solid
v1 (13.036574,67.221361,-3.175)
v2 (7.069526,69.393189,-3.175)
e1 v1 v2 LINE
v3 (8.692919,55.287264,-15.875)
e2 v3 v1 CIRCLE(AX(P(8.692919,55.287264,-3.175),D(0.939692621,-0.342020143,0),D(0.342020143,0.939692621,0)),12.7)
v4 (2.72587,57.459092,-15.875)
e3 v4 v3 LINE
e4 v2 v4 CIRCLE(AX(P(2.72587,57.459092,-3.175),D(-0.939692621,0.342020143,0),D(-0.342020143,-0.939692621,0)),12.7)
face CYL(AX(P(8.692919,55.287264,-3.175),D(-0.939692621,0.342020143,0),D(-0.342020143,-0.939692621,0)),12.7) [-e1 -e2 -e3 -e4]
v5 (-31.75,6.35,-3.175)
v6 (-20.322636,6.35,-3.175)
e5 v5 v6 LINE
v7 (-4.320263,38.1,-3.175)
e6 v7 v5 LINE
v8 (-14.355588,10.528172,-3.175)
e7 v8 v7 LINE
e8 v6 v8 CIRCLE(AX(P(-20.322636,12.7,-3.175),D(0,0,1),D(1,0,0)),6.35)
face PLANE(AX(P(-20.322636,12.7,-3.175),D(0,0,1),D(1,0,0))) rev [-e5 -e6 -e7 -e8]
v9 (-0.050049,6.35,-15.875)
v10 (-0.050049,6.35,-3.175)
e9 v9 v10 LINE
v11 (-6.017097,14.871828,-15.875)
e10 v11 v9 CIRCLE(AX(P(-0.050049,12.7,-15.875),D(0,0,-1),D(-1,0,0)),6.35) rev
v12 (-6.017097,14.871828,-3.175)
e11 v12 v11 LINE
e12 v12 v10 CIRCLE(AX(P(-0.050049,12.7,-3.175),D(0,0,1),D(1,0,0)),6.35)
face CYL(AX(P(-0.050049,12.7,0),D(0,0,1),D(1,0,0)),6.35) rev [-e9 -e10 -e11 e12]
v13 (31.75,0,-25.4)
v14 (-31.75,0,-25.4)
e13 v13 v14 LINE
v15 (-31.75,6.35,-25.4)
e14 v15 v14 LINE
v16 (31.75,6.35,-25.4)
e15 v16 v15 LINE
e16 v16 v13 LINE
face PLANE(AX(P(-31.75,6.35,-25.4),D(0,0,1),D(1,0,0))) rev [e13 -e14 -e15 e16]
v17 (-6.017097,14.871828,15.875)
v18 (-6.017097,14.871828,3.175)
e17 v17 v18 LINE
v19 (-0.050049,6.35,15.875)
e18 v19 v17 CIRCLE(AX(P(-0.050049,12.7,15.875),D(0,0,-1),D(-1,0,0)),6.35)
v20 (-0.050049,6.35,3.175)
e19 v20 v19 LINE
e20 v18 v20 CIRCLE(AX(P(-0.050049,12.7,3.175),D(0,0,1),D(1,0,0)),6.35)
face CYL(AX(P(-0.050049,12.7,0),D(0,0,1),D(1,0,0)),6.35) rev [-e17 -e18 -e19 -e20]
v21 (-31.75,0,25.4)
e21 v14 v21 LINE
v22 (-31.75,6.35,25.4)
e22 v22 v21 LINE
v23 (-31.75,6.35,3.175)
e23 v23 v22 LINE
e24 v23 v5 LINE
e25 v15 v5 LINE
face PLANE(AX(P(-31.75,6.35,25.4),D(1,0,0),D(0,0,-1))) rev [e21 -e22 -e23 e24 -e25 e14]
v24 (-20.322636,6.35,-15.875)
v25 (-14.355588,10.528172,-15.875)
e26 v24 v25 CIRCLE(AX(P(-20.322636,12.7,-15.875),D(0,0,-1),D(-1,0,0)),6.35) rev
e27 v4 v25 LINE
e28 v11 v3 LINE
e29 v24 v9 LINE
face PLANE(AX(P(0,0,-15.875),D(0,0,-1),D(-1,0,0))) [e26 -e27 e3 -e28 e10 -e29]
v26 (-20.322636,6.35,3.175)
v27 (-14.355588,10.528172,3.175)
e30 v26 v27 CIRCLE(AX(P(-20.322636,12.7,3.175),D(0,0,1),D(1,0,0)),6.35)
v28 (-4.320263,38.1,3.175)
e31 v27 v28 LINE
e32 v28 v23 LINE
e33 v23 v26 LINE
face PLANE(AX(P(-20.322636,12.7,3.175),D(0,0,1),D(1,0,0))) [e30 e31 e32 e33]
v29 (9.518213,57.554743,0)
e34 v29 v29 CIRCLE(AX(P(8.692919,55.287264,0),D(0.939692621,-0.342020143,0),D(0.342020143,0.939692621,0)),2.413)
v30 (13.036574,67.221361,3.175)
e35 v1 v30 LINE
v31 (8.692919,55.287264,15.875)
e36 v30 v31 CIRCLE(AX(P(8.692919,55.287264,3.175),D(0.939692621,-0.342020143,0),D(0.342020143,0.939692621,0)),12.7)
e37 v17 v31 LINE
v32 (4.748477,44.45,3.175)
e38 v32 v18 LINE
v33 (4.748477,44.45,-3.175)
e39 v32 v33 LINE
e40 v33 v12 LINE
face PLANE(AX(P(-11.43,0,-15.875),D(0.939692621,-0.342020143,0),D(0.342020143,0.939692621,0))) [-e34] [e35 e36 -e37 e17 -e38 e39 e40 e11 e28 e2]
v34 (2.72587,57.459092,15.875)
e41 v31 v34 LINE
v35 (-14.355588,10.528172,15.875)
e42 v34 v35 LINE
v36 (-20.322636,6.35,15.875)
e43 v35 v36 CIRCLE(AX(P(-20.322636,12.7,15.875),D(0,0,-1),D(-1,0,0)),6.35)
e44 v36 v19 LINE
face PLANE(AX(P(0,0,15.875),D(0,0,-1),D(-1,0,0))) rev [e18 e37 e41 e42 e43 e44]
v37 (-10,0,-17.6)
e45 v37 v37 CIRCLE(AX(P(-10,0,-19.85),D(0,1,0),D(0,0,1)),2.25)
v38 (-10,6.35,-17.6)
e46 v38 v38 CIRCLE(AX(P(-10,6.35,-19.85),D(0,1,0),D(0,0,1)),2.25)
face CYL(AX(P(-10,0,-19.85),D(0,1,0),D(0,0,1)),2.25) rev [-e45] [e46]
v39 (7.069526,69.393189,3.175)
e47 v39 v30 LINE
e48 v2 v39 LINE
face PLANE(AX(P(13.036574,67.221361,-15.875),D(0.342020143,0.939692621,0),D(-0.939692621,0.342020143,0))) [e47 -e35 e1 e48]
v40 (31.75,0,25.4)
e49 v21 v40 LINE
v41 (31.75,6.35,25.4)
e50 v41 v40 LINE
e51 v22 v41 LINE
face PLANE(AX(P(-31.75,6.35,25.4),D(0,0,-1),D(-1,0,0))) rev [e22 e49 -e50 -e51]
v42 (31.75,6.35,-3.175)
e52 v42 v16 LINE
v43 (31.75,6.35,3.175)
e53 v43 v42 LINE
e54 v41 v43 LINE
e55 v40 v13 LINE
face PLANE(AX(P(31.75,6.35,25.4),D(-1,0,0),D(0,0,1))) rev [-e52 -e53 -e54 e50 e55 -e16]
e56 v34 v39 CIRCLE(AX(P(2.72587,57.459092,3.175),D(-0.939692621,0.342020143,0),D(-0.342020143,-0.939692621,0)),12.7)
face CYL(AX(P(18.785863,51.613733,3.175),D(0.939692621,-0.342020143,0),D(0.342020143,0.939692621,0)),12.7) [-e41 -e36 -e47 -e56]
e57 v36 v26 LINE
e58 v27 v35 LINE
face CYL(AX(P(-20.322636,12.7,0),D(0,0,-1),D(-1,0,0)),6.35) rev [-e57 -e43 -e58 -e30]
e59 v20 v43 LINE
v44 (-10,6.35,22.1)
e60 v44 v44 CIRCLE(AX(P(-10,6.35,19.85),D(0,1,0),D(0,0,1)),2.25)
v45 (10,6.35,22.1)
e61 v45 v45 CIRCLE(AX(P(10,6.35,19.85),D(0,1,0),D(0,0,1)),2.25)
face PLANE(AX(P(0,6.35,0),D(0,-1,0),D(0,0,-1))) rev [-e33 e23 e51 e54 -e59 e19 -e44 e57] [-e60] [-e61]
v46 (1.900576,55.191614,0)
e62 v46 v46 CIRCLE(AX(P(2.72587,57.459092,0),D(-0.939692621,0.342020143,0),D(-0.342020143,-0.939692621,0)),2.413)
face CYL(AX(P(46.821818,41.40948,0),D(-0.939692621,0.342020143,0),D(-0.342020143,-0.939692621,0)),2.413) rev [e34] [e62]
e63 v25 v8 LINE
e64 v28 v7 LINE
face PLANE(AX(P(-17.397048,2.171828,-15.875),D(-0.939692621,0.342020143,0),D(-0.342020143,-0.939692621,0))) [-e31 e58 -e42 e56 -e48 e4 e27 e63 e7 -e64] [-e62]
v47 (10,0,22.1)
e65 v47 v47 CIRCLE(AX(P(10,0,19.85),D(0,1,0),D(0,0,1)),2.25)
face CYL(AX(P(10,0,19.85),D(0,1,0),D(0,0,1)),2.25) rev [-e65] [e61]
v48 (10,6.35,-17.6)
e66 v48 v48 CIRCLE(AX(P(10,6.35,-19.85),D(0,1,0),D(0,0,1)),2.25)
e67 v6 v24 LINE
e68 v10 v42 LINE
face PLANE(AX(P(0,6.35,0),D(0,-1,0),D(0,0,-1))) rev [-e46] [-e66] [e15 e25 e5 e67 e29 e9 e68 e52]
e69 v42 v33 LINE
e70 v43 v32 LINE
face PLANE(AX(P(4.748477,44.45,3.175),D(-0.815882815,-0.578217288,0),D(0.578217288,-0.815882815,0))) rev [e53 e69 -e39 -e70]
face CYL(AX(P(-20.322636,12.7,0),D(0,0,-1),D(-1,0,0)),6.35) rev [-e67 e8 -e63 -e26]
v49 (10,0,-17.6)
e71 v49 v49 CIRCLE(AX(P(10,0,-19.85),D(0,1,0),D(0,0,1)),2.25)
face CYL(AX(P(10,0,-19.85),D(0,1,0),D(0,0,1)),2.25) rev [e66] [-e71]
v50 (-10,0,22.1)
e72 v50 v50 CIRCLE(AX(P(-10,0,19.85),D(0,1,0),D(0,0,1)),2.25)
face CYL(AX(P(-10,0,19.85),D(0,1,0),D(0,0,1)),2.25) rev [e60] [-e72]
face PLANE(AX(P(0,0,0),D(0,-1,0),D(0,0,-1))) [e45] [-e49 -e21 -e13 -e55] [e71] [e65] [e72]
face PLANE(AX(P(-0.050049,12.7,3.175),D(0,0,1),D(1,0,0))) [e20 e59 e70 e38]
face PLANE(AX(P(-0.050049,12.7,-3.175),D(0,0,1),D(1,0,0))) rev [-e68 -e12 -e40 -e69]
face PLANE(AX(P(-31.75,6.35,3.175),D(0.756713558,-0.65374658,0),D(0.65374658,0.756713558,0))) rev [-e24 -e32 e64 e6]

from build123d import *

# Parameters (mm, degrees)
SKETCH1_W           = 63.5
SKETCH1_H           = 50.8
BOSS_EXTRUDE1_DEPTH = 6.35
BOSS_EXTRUDE2_DEPTH = 15.875
FILLET1_R           = 12.7
FILLET2_R           = 6.35
BOSS_EXTRUDE5_DEPTH = 3.175
SKETCH5_R           = 2.413
CUT_EXTRUDE3_DEPTH  = 47.925927366
SKETCH8_R           = 2.25
CUT_EXTRUDE4_DEPTH  = 7.35


with BuildPart() as part:
    # Sketch1 → Boss-Extrude1 (new body)
    with BuildSketch(Plane(origin=(0, 0, 0), x_dir=(1, 0, 0), z_dir=(0, 1, 0))):
        Rectangle(SKETCH1_W, SKETCH1_H)
    extrude(amount=BOSS_EXTRUDE1_DEPTH)

    # Sketch2 → Boss-Extrude2 (add, symmetric)
    with BuildSketch(Plane.XY):
        Polygon((-11.43, 0), (13.036574415, 67.221360736), (7.069526273, 69.393188646), (-17.397048142, 2.17182791), align=None)
    extrude(amount=BOSS_EXTRUDE2_DEPTH, both=True)

    # Fillet1
    fillet1_edges = [part.edges().sort_by_distance(p)[0] for p in [
        (10.053050344, 68.307274691, 15.875),
        (10.053050344, 68.307274691, -15.875),
    ]]
    fillet(fillet1_edges, radius=FILLET1_R)

    # Fillet2
    fillet2_edges = [part.edges().sort_by_distance(p)[0] for p in [
        (-15.876317868, 6.35, 0),
        (-9.118789012, 6.35, 0),
    ]]
    fillet(fillet2_edges, radius=FILLET2_R)

    # Sketch7 → Boss-Extrude5 (add, symmetric)
    with BuildSketch(Plane.XY):
        with BuildLine():
            Line((4.748476913, 44.45), (31.75, 6.35))
            Line((31.75, 6.35), (-0.05004917, 6.35))
            ThreePointArc((-0.05004917, 6.35), (-5.251664651, 9.057789629), (-6.017097312, 14.87182791))
            Line((-6.017097312, 14.87182791), (4.748476913, 44.45))
        make_face()
        with BuildLine():
            Line((-31.75, 6.35), (-20.322635735, 6.35))
            ThreePointArc((-20.322635735, 6.35), (-16.680425364, 7.498384519), (-14.355587593, 10.52817209))
            Line((-14.355587593, 10.52817209), (-4.32026293, 38.1))
            Line((-4.32026293, 38.1), (-31.75, 6.35))
        make_face()
    extrude(amount=BOSS_EXTRUDE5_DEPTH, both=True)

    # Sketch5 → Cut-Extrude3 (cut, through all)
    with BuildSketch(Plane(origin=(-16.059992134, 5.845359099, 0), x_dir=(0, 0, 1), z_dir=(-0.939692621, 0.342020143, 0))):
        with Locations((0, 54.926187693)):
            Circle(SKETCH5_R)
    extrude(amount=-CUT_EXTRUDE3_DEPTH, mode=Mode.SUBTRACT)

    # Sketch8 → Cut-Extrude4 (cut, through all)
    with BuildSketch(Plane(origin=(0, 6.35, 0), x_dir=(1, 0, 0), z_dir=(0, 1, 0))):
        with Locations((10, -19.85)):
            Circle(SKETCH8_R)
        with Locations((10, 19.85)):
            Circle(SKETCH8_R)
        with Locations((-10, 19.85)):
            Circle(SKETCH8_R)
        with Locations((-10, -19.85)):
            Circle(SKETCH8_R)
    extrude(amount=-CUT_EXTRUDE4_DEPTH, mode=Mode.SUBTRACT)


solid = part.part
